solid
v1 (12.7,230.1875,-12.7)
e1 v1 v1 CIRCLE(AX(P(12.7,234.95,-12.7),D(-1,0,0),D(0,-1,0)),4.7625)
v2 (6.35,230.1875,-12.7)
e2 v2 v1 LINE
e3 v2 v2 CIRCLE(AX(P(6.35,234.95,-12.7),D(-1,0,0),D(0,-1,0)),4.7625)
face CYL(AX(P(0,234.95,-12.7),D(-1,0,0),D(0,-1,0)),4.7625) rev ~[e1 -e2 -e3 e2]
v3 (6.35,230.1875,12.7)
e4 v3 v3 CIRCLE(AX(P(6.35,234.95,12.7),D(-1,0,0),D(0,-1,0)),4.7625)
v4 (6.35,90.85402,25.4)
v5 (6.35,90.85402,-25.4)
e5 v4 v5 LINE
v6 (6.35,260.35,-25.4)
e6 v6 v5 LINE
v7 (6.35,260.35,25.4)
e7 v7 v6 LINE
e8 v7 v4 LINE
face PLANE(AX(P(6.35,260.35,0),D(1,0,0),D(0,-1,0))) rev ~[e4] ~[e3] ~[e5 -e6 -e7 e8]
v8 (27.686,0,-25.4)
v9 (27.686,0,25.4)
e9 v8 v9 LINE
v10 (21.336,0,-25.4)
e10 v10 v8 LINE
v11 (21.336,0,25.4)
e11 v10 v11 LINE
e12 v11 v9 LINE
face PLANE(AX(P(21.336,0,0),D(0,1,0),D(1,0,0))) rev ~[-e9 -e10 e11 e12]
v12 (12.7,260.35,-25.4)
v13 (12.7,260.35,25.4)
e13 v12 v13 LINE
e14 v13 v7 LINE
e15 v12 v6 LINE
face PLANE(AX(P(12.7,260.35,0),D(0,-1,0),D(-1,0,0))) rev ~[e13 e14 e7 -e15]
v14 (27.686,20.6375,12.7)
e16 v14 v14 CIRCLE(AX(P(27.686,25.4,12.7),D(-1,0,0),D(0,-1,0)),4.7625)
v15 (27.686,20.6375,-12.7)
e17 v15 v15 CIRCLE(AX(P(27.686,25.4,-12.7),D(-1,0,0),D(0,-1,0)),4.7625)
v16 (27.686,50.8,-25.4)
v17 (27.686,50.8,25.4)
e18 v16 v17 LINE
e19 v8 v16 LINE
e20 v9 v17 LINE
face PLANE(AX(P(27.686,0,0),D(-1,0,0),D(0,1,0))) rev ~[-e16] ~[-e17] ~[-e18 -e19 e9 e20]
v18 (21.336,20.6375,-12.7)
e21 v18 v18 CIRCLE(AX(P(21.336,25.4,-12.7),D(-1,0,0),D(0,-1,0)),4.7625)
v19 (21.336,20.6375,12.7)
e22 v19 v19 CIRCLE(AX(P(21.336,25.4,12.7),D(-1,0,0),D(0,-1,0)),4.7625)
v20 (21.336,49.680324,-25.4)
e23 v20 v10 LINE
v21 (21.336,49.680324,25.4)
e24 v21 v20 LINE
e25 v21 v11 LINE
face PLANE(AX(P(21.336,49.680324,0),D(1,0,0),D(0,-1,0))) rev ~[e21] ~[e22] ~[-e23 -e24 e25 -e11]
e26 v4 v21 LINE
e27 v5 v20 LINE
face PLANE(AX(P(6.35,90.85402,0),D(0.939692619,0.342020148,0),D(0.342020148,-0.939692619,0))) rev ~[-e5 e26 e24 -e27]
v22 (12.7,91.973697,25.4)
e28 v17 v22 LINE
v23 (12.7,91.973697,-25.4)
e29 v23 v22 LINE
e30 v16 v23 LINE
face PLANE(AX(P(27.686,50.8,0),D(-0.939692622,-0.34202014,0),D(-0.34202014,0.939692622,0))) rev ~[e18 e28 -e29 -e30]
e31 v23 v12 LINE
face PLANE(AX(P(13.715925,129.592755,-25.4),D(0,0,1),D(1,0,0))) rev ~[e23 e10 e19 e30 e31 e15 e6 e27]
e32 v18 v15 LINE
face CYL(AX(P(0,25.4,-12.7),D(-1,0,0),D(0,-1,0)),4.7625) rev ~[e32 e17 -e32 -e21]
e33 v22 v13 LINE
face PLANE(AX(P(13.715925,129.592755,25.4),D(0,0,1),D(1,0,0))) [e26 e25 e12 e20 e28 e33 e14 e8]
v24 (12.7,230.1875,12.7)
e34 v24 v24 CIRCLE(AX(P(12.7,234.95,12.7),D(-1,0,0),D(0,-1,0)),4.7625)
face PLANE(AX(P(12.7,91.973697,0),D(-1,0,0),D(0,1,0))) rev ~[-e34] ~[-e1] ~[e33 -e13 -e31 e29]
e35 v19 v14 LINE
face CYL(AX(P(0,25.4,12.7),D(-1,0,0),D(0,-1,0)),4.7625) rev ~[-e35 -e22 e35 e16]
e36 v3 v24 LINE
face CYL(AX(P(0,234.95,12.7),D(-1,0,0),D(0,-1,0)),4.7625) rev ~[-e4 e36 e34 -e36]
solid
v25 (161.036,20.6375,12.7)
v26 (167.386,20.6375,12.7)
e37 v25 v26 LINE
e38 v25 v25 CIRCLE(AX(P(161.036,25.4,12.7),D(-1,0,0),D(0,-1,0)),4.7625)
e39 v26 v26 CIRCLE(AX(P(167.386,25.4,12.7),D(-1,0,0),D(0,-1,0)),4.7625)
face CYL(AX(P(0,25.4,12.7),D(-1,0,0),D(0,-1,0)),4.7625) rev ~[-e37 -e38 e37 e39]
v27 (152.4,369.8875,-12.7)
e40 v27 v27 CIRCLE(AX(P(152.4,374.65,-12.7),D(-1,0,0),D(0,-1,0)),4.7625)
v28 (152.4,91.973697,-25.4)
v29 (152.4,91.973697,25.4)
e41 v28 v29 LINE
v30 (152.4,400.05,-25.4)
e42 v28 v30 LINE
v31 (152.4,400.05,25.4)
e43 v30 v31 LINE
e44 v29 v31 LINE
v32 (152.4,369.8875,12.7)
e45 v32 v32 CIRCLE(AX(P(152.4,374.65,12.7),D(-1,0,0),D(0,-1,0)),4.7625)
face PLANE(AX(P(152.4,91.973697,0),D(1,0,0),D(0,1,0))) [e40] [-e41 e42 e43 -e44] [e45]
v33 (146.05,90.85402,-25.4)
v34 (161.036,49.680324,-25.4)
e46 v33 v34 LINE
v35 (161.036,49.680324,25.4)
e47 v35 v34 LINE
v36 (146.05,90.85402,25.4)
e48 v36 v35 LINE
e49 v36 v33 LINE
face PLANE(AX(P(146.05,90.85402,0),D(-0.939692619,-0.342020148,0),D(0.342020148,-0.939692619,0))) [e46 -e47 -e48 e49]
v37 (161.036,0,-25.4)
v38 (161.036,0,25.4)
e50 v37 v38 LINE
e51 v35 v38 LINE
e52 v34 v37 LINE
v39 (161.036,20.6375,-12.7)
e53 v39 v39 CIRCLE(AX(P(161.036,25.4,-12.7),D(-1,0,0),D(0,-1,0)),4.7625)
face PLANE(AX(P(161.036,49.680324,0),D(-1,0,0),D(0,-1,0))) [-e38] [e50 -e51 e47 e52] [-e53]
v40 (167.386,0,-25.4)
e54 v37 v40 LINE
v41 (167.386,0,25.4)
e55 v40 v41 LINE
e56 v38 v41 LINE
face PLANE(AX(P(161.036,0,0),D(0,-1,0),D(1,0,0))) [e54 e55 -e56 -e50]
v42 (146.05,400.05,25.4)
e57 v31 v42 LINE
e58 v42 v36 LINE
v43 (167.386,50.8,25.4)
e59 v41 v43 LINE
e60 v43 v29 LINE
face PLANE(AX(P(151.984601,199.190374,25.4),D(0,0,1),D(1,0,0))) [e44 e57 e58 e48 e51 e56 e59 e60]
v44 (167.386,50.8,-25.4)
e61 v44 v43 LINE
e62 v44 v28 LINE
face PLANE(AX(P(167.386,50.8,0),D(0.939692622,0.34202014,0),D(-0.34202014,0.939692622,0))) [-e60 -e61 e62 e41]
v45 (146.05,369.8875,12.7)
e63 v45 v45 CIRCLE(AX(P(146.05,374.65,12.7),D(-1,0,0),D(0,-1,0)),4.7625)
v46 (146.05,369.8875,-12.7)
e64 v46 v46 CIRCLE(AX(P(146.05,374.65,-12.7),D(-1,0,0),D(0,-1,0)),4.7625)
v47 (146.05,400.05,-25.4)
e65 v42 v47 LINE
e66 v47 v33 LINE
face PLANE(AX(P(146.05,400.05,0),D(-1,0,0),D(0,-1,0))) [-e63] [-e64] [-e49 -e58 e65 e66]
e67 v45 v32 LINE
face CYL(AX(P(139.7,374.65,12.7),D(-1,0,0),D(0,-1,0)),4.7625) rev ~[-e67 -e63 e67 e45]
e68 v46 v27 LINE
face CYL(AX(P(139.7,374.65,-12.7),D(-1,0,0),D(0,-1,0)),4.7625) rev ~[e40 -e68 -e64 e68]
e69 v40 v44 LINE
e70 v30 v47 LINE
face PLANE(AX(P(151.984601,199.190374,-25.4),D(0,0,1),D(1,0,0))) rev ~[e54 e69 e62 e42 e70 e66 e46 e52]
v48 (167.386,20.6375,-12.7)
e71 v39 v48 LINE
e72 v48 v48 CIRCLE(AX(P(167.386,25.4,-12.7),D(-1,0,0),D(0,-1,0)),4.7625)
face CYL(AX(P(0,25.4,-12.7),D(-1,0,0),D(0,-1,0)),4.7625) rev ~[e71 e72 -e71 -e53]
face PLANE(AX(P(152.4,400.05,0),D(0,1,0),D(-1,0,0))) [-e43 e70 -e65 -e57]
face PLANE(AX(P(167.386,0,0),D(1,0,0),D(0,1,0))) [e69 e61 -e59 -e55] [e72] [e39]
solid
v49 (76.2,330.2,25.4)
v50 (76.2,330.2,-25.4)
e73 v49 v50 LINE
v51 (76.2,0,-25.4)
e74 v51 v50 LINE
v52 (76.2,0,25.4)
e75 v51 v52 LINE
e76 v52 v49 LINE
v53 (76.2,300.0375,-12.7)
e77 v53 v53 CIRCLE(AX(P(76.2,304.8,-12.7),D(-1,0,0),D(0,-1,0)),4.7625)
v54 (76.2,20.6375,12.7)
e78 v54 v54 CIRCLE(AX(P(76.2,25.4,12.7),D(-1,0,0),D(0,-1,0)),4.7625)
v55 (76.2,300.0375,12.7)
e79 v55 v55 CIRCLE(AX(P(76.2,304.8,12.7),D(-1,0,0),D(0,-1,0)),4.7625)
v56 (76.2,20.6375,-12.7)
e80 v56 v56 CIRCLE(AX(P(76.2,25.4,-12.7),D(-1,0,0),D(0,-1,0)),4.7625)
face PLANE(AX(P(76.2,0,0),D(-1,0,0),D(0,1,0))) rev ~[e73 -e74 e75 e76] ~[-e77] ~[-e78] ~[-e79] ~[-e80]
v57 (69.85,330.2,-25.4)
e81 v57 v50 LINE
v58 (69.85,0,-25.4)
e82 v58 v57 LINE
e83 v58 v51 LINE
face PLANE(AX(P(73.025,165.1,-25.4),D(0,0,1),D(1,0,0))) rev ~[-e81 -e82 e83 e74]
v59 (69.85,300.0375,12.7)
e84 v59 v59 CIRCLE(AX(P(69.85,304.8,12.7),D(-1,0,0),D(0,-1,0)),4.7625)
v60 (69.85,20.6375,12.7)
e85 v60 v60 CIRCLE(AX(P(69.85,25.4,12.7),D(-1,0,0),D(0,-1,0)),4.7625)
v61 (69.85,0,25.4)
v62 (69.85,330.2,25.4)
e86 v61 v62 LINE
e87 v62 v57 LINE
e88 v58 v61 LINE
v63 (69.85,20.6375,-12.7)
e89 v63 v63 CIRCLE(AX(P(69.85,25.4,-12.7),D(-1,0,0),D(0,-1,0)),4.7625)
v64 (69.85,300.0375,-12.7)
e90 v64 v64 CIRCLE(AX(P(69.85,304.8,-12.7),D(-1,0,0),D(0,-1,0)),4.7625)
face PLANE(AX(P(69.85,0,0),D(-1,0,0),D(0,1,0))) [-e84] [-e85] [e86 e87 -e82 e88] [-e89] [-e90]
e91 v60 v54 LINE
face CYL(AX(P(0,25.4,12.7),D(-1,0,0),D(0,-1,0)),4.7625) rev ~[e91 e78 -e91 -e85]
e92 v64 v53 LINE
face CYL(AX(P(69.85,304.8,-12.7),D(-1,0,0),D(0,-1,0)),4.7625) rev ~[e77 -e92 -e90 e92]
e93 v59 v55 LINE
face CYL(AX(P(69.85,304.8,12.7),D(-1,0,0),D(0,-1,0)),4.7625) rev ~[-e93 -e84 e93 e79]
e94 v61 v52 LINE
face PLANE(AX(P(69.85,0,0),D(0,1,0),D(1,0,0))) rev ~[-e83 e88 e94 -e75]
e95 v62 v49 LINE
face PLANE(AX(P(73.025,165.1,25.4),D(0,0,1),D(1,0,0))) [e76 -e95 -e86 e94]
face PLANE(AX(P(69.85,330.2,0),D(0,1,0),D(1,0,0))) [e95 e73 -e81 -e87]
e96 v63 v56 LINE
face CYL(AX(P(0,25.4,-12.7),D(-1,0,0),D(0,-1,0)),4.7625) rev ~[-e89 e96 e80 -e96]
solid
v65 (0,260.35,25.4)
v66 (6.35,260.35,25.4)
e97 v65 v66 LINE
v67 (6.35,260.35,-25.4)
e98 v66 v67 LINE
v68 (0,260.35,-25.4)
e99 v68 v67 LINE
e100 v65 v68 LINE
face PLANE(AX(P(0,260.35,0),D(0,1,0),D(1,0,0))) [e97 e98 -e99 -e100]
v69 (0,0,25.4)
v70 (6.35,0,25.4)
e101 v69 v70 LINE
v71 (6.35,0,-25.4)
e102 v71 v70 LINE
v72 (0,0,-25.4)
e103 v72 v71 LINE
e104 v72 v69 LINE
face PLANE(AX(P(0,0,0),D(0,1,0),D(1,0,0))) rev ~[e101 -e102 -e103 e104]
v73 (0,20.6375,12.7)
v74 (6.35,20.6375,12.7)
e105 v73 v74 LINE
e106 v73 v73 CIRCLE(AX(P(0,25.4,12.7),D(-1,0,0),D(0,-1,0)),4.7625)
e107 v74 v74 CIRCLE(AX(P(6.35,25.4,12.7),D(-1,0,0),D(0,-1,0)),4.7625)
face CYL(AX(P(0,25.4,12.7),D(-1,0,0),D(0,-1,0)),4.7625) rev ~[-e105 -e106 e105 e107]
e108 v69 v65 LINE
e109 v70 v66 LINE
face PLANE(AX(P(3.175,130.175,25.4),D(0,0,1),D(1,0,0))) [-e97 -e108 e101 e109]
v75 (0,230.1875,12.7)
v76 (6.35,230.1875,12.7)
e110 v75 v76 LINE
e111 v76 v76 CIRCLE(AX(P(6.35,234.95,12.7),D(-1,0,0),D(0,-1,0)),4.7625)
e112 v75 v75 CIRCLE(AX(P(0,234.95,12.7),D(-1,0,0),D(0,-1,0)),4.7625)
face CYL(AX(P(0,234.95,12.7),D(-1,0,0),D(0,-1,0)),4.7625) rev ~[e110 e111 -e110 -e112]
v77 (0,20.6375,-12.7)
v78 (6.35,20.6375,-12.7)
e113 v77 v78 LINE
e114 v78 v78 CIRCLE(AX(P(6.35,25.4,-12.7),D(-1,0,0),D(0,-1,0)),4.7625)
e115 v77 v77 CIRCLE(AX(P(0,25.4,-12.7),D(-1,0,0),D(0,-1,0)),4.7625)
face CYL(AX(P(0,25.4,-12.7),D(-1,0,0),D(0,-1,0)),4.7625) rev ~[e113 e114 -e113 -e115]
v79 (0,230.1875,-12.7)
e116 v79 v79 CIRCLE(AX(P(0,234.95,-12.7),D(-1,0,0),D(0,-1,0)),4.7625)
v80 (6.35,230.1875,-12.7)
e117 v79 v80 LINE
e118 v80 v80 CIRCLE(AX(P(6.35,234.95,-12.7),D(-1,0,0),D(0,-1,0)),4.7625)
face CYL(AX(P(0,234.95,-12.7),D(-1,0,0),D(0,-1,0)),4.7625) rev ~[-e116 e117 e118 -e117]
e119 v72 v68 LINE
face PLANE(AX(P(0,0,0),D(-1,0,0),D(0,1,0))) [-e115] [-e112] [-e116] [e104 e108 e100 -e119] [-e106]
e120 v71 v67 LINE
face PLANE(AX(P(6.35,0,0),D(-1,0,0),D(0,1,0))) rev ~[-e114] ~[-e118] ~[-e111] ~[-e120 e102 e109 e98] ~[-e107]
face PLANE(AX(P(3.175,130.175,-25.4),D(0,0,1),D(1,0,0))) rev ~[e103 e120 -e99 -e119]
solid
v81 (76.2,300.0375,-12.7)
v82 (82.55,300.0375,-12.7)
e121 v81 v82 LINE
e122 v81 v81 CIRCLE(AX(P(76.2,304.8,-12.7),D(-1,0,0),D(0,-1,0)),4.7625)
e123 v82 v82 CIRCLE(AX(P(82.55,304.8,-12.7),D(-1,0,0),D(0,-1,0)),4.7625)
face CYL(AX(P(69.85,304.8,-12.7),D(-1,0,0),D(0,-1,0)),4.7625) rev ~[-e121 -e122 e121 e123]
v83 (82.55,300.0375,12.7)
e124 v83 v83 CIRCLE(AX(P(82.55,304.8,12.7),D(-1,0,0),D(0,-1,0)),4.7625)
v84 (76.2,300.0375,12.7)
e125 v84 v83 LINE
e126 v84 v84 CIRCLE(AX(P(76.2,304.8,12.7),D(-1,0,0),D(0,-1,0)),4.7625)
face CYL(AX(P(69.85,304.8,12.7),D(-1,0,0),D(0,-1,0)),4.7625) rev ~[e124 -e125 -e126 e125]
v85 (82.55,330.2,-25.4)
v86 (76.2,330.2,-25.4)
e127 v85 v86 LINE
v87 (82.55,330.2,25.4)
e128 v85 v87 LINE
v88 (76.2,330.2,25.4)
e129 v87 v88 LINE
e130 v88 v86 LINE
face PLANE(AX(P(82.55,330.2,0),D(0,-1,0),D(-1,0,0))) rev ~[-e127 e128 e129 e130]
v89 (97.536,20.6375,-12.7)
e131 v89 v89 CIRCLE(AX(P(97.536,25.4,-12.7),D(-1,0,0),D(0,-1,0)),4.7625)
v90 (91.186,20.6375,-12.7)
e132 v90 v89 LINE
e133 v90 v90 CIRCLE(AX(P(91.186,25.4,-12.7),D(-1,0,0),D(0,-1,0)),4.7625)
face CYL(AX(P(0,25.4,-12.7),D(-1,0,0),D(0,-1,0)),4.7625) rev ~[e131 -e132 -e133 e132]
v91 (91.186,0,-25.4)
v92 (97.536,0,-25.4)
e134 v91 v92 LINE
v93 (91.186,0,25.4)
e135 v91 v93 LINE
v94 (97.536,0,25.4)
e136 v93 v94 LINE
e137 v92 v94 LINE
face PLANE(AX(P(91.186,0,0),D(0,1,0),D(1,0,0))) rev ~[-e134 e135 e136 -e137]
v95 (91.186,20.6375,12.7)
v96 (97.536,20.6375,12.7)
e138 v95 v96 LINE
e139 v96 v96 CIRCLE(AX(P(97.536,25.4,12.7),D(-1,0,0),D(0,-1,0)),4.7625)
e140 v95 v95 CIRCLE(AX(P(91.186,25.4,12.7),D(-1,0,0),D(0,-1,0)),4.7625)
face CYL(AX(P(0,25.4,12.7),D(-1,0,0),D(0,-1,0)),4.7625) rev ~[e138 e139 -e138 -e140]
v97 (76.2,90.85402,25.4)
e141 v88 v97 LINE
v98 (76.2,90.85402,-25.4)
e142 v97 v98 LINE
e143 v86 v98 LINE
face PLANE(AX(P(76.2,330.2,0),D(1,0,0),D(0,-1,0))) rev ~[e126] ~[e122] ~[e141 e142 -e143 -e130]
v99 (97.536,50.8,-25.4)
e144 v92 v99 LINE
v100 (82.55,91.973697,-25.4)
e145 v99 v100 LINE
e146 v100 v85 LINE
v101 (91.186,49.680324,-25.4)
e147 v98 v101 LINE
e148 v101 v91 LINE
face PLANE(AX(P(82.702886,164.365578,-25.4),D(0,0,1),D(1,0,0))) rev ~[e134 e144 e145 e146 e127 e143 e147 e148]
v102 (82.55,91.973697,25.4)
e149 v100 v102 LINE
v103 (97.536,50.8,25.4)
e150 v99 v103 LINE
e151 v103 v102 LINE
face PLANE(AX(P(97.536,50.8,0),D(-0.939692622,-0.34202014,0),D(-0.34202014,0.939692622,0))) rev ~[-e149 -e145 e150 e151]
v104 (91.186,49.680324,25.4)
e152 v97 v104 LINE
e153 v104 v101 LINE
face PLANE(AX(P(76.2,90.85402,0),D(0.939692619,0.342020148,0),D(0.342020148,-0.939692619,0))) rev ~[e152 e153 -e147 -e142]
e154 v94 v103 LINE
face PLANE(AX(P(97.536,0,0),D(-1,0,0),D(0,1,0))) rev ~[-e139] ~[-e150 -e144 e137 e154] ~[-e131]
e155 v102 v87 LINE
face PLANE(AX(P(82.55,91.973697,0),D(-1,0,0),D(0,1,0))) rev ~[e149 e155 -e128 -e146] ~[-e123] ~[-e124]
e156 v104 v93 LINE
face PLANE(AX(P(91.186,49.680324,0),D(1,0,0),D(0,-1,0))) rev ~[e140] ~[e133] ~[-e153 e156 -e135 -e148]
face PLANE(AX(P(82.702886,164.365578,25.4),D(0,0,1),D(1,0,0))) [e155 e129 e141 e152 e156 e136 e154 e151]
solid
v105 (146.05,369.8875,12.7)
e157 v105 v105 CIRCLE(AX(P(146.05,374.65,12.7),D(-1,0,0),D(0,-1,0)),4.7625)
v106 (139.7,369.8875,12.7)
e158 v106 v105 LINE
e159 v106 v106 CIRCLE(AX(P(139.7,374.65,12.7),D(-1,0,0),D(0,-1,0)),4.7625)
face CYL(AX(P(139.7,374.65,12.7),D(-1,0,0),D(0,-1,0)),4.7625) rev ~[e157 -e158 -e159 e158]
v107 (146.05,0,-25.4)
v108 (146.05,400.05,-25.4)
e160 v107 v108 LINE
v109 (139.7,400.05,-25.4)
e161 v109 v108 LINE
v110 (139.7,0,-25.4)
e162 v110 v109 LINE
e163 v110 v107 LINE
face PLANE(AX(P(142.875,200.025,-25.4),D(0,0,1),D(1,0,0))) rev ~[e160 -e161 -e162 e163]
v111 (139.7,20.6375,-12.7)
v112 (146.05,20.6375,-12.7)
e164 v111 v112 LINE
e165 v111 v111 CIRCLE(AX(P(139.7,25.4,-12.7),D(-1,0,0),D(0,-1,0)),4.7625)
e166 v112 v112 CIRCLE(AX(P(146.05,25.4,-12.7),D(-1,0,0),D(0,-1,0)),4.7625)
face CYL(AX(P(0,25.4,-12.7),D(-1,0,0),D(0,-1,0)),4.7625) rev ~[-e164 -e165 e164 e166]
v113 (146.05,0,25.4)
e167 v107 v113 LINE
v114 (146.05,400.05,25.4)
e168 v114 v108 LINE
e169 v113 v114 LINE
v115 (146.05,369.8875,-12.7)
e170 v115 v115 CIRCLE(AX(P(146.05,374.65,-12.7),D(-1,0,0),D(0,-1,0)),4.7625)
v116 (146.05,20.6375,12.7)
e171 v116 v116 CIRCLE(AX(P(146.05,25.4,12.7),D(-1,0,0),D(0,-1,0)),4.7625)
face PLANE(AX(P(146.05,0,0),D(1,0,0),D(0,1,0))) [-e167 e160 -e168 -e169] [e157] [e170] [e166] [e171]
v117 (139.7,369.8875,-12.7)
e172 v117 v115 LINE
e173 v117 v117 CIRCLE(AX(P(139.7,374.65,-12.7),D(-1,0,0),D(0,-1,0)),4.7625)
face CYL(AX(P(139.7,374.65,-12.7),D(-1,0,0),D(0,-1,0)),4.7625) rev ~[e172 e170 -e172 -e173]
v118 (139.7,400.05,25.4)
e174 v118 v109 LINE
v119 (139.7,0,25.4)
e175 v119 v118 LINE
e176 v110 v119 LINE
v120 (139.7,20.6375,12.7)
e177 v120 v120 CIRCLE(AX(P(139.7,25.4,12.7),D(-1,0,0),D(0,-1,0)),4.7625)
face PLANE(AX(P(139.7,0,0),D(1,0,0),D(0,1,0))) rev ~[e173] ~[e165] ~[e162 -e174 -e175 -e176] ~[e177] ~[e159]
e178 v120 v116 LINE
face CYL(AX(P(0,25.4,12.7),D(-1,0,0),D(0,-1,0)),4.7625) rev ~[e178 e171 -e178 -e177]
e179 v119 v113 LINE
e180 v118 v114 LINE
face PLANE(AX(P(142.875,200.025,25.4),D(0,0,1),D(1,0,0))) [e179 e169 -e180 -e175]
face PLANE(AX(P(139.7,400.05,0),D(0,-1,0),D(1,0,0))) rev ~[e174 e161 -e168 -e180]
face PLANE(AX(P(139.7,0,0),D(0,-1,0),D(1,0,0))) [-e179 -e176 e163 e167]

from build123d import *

# Parameters (mm, degrees)
F0_W      = 6.35
F0_H      = 260.35
F0_H_2    = 330.2
F0_H_3    = 400.05
F1_DEPTH  = 25.4
F3_DEPTH  = 25.4
F4_R      = 4.7625
F5_DEPTH  = 167.387
F6_R      = 4.7625
F7_DEPTH  = 12.7
F8_R      = 4.7625
F9_DEPTH  = 12.7
F10_R     = 4.7625
F11_DEPTH = 12.7


with BuildPart() as f1:
    # F0 (on Top) → F1 (new body, symmetric)
    with BuildSketch(Plane.XY):
        with Locations((3.175, 130.175)):
            Rectangle(F0_W, F0_H)
        with Locations((73.025, 165.1)):
            Rectangle(F0_W, F0_H_2)
        with Locations((142.875, 200.025)):
            Rectangle(F0_W, F0_H_3)
    extrude(amount=F1_DEPTH, both=True)


with BuildPart() as f3:
    # F2 (on Top) → F3 (new body, symmetric)
    with BuildSketch(Plane.XY):
        Polygon((21.336, 49.680324), (21.336, 0), (27.686, 0), (27.686, 50.8), (12.7, 91.973697), (12.7, 260.35), (6.35, 260.35), (6.35, 90.85402), align=None)
        Polygon((91.186, 49.680324), (91.186, 0), (97.536, 0), (97.536, 50.8), (82.55, 91.973697), (82.55, 330.2), (76.2, 330.2), (76.2, 90.85402), align=None)
        Polygon((161.036, 49.680324), (161.036, 0), (167.386, 0), (167.386, 50.8), (152.4, 91.973697), (152.4, 400.05), (146.05, 400.05), (146.05, 90.85402), align=None)
    extrude(amount=F3_DEPTH, both=True)


with BuildPart() as f5_tool:
    # F4 (on face) → F5 (new body, through all)
    with BuildSketch(Plane(origin=(0, 0, 0), x_dir=(0, -1, 0), z_dir=(-1, 0, 0))):
        with Locations((-25.4, 12.7)):
            Circle(F4_R)
        with Locations((-25.4, -12.7)):
            Circle(F4_R)
    extrude(amount=-F5_DEPTH)


with BuildPart() as f1_1:
    add(f1.part)

    # F5: cut by f5_tool
    add(f5_tool.part, mode=Mode.SUBTRACT)


with BuildPart() as f3_1:
    add(f3.part)

    # F5: cut by f5_tool
    add(f5_tool.part, mode=Mode.SUBTRACT)


with BuildPart() as f7_tool:
    # F6 (on face) → F7 (new body, through all)
    with BuildSketch(Plane(origin=(0, 0, 0), x_dir=(0, -1, 0), z_dir=(-1, 0, 0))):
        with Locations((-234.95, 12.7)):
            Circle(F6_R)
        with Locations((-234.95, -12.7)):
            Circle(F6_R)
    extrude(amount=-F7_DEPTH)


with BuildPart() as f1_2:
    add(f1_1.part)

    # F7: cut by f7_tool
    add(f7_tool.part, mode=Mode.SUBTRACT)


with BuildPart() as f3_2:
    add(f3_1.part)

    # F7: cut by f7_tool
    add(f7_tool.part, mode=Mode.SUBTRACT)


with BuildPart() as f9_tool:
    # F8 (on face) → F9 (new body, through all)
    with BuildSketch(Plane(origin=(69.85, 0, 0), x_dir=(0, -1, 0), z_dir=(-1, 0, 0))):
        with Locations((-304.8, 12.7)):
            Circle(F8_R)
        with Locations((-304.8, -12.7)):
            Circle(F8_R)
    extrude(amount=-F9_DEPTH)


with BuildPart() as f1_3:
    add(f1_2.part)

    # F9: cut by f9_tool
    add(f9_tool.part, mode=Mode.SUBTRACT)


with BuildPart() as f3_3:
    add(f3_2.part)

    # F9: cut by f9_tool
    add(f9_tool.part, mode=Mode.SUBTRACT)


with BuildPart() as f11_tool:
    # F10 (on face) → F11 (new body, through all)
    with BuildSketch(Plane(origin=(139.7, 0, 0), x_dir=(0, -1, 0), z_dir=(-1, 0, 0))):
        with Locations((-374.65, 12.7)):
            Circle(F10_R)
        with Locations((-374.65, -12.7)):
            Circle(F10_R)
    extrude(amount=-F11_DEPTH)


with BuildPart() as f1_4:
    add(f1_3.part)

    # F11: cut by f11_tool
    add(f11_tool.part, mode=Mode.SUBTRACT)


with BuildPart() as f3_4:
    add(f3_3.part)

    # F11: cut by f11_tool
    add(f11_tool.part, mode=Mode.SUBTRACT)


solid = Compound([f1_4.part, f3_4.part])
